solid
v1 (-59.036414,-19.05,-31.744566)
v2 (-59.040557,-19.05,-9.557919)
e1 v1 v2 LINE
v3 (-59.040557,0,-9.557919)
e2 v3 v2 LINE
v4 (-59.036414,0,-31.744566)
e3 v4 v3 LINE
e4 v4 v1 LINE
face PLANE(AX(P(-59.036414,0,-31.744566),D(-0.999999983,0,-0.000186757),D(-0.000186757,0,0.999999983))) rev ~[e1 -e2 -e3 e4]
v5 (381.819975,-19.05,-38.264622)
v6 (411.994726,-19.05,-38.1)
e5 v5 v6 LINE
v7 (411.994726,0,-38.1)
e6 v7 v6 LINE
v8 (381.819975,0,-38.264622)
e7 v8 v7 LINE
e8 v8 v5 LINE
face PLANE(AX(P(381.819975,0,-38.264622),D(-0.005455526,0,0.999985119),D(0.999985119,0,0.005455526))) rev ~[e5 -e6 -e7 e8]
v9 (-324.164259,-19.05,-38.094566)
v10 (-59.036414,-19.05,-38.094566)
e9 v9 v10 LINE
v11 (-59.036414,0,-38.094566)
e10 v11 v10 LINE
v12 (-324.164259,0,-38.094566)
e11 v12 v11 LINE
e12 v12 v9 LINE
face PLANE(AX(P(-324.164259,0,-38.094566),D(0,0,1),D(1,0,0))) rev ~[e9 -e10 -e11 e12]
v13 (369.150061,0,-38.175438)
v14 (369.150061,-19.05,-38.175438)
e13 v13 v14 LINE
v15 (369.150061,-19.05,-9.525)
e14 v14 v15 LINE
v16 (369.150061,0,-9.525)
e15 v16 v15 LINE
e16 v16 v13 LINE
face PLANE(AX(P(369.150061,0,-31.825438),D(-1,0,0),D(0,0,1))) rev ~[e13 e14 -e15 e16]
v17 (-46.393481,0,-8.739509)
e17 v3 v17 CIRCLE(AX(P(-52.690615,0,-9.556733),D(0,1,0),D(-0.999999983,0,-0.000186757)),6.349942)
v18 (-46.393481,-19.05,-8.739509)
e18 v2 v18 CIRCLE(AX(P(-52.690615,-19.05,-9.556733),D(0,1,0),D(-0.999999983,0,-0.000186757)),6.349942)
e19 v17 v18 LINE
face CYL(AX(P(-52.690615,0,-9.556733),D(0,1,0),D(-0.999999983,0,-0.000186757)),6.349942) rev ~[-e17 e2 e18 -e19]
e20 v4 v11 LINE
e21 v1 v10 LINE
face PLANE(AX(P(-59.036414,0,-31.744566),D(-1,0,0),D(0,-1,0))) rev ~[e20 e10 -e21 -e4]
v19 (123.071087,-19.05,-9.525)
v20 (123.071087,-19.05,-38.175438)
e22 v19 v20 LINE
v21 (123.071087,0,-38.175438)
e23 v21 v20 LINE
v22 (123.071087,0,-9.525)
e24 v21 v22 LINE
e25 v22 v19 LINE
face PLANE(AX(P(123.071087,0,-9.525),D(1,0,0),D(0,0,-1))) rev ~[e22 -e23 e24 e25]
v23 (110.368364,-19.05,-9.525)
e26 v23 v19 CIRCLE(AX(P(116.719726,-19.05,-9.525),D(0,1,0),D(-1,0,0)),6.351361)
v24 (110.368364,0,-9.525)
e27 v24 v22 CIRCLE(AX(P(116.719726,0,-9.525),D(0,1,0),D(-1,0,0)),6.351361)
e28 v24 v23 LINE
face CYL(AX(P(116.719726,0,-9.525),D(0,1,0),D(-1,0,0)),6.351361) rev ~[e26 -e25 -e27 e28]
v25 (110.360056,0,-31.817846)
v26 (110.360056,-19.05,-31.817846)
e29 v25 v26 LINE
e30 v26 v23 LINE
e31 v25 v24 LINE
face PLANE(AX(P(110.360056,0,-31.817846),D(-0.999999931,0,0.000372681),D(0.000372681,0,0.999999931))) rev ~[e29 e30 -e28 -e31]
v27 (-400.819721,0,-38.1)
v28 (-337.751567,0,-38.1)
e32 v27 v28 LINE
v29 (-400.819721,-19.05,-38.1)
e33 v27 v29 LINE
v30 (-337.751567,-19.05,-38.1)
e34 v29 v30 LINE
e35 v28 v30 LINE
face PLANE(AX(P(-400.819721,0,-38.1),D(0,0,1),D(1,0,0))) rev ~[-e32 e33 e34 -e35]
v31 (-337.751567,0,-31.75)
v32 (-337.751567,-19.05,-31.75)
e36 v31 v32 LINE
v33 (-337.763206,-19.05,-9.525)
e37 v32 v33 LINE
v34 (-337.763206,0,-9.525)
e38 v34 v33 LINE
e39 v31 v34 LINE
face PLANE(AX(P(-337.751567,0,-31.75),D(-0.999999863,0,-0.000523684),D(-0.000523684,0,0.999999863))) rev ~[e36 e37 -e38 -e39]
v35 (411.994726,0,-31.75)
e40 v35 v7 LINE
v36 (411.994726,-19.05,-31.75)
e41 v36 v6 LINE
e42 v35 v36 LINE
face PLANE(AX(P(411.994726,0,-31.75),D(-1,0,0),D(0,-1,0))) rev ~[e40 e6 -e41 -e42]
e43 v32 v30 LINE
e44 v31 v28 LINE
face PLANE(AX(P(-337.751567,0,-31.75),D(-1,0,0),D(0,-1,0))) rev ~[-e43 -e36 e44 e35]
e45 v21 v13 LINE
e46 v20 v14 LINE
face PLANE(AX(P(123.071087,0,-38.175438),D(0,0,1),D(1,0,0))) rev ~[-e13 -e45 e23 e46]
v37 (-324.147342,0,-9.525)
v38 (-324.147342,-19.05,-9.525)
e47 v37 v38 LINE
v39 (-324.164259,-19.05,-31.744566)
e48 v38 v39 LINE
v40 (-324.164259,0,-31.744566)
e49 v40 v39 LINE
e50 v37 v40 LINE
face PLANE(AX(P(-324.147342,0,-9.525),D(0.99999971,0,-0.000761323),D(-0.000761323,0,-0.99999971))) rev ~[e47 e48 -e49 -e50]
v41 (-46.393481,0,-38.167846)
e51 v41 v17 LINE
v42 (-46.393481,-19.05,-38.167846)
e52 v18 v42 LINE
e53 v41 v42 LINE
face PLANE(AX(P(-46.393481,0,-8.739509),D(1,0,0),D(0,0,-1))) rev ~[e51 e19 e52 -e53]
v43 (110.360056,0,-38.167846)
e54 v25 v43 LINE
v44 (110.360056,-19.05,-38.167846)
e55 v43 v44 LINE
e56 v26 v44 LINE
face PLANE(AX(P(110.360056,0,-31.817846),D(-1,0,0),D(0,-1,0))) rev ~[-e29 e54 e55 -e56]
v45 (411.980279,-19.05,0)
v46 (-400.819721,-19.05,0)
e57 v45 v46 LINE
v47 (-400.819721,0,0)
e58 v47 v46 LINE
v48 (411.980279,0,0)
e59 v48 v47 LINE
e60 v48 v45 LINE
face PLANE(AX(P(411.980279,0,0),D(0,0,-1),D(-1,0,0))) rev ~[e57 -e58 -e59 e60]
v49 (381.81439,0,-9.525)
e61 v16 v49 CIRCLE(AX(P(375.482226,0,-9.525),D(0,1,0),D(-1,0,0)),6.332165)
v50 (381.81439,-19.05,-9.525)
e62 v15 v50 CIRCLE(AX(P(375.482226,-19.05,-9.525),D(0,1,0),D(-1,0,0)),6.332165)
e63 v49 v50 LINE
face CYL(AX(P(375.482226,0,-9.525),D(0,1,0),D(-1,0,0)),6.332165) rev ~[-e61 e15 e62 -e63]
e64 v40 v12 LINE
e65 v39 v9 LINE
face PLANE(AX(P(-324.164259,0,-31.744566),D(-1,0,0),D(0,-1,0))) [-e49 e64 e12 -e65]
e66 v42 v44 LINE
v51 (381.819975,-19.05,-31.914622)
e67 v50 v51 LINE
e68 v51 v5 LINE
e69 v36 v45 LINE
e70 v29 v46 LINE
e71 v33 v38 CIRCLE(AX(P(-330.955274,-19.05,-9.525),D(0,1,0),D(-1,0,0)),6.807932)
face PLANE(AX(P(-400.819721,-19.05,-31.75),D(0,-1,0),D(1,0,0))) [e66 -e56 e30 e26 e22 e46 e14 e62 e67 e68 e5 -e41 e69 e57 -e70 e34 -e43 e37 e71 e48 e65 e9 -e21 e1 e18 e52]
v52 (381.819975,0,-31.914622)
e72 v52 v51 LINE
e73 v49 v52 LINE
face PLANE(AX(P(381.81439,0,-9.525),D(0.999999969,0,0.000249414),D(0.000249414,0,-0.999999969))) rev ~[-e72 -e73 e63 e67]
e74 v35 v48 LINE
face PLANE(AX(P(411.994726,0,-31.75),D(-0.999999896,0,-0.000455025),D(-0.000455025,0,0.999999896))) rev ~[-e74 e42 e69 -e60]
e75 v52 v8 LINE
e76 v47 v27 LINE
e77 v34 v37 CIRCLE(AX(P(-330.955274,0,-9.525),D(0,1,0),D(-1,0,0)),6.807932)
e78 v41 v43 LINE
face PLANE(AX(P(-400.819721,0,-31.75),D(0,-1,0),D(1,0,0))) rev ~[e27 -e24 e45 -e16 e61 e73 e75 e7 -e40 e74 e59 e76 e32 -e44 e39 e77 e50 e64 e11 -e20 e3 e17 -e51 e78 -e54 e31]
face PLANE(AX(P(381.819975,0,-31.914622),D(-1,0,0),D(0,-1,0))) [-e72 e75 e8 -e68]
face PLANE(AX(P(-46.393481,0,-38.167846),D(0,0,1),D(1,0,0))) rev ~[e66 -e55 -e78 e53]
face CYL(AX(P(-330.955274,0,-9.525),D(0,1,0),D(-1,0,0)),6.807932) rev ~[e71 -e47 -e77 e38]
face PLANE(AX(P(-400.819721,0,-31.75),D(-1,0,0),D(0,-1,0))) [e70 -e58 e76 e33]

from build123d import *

# Parameters (mm, degrees)
F1_DEPTH = 19.05
F2_DEPTH = 6.35


with BuildPart() as f1:
    # F0 (on Front) → F1 (new body)
    with BuildSketch(Plane.XZ):
        with BuildLine():
            Line((411.9802786096, 0), (-400.8197213904, 0))
            Line((-400.8197213904, 0), (-400.8197213904, -31.75))
            Line((-400.8197213904, -31.75), (-337.7515673637, -31.75))
            Line((-337.7515673637, -31.75), (-337.7632062468, -9.525))
            ThreePointArc((-337.7632062468, -9.525), (-330.9552743476, -2.7170681008), (-324.1473424483, -9.525))
            Line((-324.1473424483, -9.525), (-324.1642587247, -31.7445658147))
            Line((-324.1642587247, -31.7445658147), (-59.0364138831, -31.7445658147))
            Line((-59.0364138831, -31.7445658147), (-59.040557391, -9.5579193539))
            ThreePointArc((-59.040557391, -9.5579193539), (-53.1006716645, -3.2200452284), (-46.393480585, -8.7395088525))
            Line((-46.393480585, -8.7395088525), (-46.393480585, -31.8178460419))
            Line((-46.393480585, -31.8178460419), (110.3600561619, -31.8178460419))
            Line((110.3600561619, -31.8178460419), (110.368364275, -9.525))
            ThreePointArc((110.368364275, -9.525), (116.7197256524, -3.1736386226), (123.0710870299, -9.525))
            Line((123.0710870299, -9.525), (123.0710870299, -31.8254381418))
            Line((123.0710870299, -31.8254381418), (369.150060884, -31.8254381418))
            Line((369.150060884, -31.8254381418), (369.150060884, -9.525))
            ThreePointArc((369.150060884, -9.525), (375.4822256524, -3.1928352315), (381.8143904209, -9.525))
            Line((381.8143904209, -9.525), (381.8199747045, -31.9146215908))
            Line((381.8199747045, -31.9146215908), (411.9947256524, -31.75))
            Line((411.9947256524, -31.75), (411.9802786096, 0))
        make_face()
    extrude(amount=F1_DEPTH)

    # F2 (add): faces of the model
    f2_faces = [f1.faces().sort_by_distance(p)[0] for p in [
        (-369.2856443771, -9.525, -31.75),
        (-191.6003363039, -9.525, -31.7445658147),
        (31.9832877884, -9.525, -31.8178460419),
        (246.1105739569, -9.525, -31.8254381418),
        (396.9073501785, -9.525, -31.8323107954),
    ]]
    extrude(f2_faces, amount=F2_DEPTH, dir=(0, 0, -1))


solid = f1.part
